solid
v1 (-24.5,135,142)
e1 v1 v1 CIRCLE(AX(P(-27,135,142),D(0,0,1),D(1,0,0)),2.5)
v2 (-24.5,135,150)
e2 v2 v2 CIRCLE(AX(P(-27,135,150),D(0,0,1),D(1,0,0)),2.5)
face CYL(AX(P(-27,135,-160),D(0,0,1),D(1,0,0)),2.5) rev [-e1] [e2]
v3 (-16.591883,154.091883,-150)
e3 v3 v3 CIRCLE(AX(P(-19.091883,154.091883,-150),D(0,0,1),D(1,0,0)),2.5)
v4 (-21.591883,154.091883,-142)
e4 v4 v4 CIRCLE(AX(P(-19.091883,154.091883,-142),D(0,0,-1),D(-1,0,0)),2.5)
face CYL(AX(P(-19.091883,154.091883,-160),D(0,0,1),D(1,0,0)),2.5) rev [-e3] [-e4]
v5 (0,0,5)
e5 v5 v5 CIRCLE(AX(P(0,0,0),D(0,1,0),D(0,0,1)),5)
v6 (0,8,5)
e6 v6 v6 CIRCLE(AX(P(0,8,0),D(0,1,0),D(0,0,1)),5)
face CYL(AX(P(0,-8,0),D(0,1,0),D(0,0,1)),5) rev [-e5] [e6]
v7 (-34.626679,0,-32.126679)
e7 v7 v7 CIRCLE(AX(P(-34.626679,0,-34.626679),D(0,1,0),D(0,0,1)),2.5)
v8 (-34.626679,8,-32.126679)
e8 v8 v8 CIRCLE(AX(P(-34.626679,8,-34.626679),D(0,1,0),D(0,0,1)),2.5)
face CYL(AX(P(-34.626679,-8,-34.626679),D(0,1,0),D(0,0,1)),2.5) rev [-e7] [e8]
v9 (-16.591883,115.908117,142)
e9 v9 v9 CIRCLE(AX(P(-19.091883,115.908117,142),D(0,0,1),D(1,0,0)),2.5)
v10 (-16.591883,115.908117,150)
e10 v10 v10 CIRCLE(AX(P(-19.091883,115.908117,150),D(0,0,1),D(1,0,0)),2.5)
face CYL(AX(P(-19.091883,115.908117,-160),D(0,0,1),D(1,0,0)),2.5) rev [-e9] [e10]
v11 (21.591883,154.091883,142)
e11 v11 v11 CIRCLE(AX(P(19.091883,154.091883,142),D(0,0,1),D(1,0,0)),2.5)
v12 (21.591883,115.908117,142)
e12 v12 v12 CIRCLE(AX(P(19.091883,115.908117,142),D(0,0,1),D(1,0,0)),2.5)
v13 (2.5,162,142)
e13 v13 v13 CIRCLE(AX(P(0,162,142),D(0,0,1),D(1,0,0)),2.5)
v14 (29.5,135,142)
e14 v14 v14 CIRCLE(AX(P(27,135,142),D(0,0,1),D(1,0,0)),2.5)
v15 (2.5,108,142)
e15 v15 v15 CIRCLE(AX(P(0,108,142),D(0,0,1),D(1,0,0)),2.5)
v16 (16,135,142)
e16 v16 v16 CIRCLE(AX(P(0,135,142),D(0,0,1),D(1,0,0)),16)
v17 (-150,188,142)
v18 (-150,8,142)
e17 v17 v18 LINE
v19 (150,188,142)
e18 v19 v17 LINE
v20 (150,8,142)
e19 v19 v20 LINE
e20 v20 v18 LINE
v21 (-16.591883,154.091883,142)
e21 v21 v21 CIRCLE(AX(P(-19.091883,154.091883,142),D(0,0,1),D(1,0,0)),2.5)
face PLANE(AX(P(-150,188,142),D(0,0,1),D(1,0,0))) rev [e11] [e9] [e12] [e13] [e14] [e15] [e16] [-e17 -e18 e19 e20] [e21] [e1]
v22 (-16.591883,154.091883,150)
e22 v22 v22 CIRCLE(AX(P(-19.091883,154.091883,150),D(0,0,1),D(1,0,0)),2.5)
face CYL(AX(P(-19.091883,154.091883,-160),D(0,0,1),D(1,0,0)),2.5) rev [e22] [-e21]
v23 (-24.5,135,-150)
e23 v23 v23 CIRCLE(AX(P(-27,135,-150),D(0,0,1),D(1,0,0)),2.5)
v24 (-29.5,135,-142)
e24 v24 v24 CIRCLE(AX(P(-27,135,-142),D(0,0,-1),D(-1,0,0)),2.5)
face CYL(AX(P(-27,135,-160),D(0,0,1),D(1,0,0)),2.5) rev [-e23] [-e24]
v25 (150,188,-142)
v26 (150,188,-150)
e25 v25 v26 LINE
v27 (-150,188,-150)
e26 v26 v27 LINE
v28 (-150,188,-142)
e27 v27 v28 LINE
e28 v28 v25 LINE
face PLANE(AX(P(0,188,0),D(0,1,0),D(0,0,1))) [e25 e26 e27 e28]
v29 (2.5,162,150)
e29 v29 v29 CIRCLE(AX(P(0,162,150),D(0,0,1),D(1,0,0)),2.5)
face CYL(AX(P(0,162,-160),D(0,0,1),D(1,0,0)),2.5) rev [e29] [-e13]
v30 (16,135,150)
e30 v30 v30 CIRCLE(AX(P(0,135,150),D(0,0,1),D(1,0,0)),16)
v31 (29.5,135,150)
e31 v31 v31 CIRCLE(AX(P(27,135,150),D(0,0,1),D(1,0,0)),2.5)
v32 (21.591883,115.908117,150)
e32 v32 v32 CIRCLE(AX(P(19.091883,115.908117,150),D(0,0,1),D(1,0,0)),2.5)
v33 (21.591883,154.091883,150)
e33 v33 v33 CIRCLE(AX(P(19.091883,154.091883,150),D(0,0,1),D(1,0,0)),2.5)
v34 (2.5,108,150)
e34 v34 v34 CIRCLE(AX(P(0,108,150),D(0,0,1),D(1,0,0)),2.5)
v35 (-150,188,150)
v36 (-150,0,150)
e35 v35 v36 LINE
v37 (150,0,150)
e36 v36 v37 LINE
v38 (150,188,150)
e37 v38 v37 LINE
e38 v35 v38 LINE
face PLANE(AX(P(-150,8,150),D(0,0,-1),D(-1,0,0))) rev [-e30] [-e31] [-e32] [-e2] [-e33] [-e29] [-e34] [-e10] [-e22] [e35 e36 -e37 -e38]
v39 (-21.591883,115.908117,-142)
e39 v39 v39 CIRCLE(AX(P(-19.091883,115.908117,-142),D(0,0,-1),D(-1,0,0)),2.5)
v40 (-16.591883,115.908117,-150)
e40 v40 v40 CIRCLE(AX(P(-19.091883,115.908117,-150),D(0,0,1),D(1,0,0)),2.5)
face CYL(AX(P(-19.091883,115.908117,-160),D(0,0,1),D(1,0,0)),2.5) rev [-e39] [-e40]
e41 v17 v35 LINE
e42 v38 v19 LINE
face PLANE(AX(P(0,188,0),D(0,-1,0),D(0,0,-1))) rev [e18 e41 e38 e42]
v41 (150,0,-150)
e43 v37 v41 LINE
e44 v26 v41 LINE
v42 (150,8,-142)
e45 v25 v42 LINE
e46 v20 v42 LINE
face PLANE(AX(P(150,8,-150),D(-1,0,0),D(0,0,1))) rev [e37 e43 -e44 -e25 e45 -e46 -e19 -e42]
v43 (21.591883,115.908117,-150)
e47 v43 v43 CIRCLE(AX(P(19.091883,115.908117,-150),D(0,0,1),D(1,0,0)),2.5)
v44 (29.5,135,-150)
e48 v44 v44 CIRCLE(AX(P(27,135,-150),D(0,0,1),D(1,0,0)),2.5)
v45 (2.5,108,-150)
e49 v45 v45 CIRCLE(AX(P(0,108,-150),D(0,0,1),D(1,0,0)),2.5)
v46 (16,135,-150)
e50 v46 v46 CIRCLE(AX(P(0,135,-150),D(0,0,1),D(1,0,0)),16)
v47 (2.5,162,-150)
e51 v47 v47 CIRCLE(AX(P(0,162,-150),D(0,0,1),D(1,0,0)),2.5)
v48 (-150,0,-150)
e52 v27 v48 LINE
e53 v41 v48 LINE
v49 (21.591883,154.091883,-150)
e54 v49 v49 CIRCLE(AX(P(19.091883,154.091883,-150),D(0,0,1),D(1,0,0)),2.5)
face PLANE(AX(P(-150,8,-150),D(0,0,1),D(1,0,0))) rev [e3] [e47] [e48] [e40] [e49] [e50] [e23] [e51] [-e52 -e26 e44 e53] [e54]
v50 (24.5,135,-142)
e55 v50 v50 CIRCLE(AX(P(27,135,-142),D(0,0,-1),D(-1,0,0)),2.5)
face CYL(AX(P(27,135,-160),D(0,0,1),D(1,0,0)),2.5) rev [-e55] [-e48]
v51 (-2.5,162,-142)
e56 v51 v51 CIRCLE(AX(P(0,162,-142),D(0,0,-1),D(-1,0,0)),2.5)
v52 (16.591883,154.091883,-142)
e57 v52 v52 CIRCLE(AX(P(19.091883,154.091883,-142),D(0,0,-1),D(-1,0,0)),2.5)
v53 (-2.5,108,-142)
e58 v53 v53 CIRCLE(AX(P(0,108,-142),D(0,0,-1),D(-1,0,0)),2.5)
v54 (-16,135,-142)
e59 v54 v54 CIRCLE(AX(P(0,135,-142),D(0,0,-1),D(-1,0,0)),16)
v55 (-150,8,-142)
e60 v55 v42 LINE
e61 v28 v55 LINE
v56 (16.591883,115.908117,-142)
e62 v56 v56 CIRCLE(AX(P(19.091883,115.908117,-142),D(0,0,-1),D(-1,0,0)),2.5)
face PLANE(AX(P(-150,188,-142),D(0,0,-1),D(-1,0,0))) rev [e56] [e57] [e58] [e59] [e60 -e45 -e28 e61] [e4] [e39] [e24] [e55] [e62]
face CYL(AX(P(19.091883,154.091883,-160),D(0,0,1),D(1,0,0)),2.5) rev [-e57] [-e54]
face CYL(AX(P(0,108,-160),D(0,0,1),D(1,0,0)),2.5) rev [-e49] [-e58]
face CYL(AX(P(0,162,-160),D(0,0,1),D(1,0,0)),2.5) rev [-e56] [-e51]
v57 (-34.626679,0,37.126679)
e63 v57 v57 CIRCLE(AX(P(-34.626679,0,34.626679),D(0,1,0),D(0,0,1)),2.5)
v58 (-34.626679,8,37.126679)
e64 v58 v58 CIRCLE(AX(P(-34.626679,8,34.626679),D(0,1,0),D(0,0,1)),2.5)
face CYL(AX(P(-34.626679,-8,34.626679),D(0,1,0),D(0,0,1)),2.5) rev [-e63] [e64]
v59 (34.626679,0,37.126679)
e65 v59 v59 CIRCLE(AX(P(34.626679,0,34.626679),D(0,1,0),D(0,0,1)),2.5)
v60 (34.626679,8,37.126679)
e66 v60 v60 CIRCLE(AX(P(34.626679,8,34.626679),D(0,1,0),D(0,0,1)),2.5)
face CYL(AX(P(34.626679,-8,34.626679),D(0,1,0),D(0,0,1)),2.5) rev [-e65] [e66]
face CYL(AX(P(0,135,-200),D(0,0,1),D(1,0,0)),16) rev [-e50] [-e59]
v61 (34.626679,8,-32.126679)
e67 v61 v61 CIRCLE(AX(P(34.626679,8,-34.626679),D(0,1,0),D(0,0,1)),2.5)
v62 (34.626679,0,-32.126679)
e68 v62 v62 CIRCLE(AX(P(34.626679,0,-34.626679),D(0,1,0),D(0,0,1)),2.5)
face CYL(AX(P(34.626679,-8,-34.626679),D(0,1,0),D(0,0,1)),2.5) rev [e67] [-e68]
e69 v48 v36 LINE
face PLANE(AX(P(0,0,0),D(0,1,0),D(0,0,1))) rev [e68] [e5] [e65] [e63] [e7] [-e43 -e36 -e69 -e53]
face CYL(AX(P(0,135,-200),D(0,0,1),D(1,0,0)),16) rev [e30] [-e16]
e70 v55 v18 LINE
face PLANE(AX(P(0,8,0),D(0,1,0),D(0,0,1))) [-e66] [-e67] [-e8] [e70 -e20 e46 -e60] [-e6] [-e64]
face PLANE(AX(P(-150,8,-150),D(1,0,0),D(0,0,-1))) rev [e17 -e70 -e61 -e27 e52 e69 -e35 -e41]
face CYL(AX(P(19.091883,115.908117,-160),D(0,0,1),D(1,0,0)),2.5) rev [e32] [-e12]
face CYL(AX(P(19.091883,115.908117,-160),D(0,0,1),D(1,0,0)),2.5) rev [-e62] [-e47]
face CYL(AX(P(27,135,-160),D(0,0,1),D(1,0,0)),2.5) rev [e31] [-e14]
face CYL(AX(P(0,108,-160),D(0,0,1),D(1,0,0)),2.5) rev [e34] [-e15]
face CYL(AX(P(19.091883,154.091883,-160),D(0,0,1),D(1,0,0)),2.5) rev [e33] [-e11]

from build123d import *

# Parameters (mm, degrees)
SKETCH5_W           = 300
SKETCH5_H           = 300
BOSS_EXTRUDE4_DEPTH = 8
SKETCH6_R           = 5
SKETCH6_R_2         = 2.5
CUT_EXTRUDE2_DEPTH  = 16
SKETCH7_W           = 300
SKETCH7_H           = 8
BOSS_EXTRUDE5_DEPTH = 180
SKETCH9_R           = 16
CUT_EXTRUDE3_DEPTH  = 350
SKETCH11_R          = 2.5
CUT_EXTRUDE4_DEPTH  = 310


with BuildPart() as part:
    # Sketch5 → Boss-Extrude4 (new body)
    with BuildSketch(Plane(origin=(0, 0, 0), x_dir=(1, 0, 0), z_dir=(0, 1, 0))):
        Rectangle(SKETCH5_W, SKETCH5_H)
    extrude(amount=BOSS_EXTRUDE4_DEPTH)

    # Sketch6 → Cut-Extrude2 (cut)
    with BuildSketch(Plane(origin=(0, 8, 0), x_dir=(1, 0, 0), z_dir=(0, 1, 0))):
        with Locations(Location((0, 0, 0), (0, 0, 270))):
            Circle(SKETCH6_R)
        with Locations(Location((-34.62667873, 34.62667873, 0), (0, 0, 270))):
            Circle(SKETCH6_R_2)
        with Locations(Location((34.62667873, 34.62667873, 0), (0, 0, 270))):
            Circle(SKETCH6_R_2)
        with Locations(Location((34.62667873, -34.62667873, 0), (0, 0, 270))):
            Circle(SKETCH6_R_2)
        with Locations(Location((-34.62667873, -34.62667873, 0), (0, 0, 270))):
            Circle(SKETCH6_R_2)
    extrude(amount=-CUT_EXTRUDE2_DEPTH, mode=Mode.SUBTRACT)

    # Sketch7 → Boss-Extrude5 (add)
    with BuildSketch(Plane(origin=(0, 8, 0), x_dir=(1, 0, 0), z_dir=(0, 1, 0))):
        with Locations((0, 146)):
            Rectangle(SKETCH7_W, SKETCH7_H)
        with Locations((0, -146)):
            Rectangle(SKETCH7_W, SKETCH7_H)
    extrude(amount=BOSS_EXTRUDE5_DEPTH)

    # Sketch9 → Cut-Extrude3 (cut)
    with BuildSketch(Plane.XY.offset(150)):
        with Locations((0, 135)):
            Circle(SKETCH9_R)
    extrude(amount=-CUT_EXTRUDE3_DEPTH, mode=Mode.SUBTRACT)

    # Sketch11 → Cut-Extrude4 (cut)
    with BuildSketch(Plane.XY.offset(150)):
        with Locations((0, 162)):
            Circle(SKETCH11_R)
        with Locations((19.091883092, 154.091883092)):
            Circle(SKETCH11_R)
        with Locations((27, 135)):
            Circle(SKETCH11_R)
        with Locations((19.091883092, 115.908116908)):
            Circle(SKETCH11_R)
        with Locations((0, 108)):
            Circle(SKETCH11_R)
        with Locations((-19.091883092, 115.908116908)):
            Circle(SKETCH11_R)
        with Locations((-27, 135)):
            Circle(SKETCH11_R)
        with Locations((-19.091883092, 154.091883092)):
            Circle(SKETCH11_R)
    extrude(amount=-CUT_EXTRUDE4_DEPTH, mode=Mode.SUBTRACT)


solid = part.part
